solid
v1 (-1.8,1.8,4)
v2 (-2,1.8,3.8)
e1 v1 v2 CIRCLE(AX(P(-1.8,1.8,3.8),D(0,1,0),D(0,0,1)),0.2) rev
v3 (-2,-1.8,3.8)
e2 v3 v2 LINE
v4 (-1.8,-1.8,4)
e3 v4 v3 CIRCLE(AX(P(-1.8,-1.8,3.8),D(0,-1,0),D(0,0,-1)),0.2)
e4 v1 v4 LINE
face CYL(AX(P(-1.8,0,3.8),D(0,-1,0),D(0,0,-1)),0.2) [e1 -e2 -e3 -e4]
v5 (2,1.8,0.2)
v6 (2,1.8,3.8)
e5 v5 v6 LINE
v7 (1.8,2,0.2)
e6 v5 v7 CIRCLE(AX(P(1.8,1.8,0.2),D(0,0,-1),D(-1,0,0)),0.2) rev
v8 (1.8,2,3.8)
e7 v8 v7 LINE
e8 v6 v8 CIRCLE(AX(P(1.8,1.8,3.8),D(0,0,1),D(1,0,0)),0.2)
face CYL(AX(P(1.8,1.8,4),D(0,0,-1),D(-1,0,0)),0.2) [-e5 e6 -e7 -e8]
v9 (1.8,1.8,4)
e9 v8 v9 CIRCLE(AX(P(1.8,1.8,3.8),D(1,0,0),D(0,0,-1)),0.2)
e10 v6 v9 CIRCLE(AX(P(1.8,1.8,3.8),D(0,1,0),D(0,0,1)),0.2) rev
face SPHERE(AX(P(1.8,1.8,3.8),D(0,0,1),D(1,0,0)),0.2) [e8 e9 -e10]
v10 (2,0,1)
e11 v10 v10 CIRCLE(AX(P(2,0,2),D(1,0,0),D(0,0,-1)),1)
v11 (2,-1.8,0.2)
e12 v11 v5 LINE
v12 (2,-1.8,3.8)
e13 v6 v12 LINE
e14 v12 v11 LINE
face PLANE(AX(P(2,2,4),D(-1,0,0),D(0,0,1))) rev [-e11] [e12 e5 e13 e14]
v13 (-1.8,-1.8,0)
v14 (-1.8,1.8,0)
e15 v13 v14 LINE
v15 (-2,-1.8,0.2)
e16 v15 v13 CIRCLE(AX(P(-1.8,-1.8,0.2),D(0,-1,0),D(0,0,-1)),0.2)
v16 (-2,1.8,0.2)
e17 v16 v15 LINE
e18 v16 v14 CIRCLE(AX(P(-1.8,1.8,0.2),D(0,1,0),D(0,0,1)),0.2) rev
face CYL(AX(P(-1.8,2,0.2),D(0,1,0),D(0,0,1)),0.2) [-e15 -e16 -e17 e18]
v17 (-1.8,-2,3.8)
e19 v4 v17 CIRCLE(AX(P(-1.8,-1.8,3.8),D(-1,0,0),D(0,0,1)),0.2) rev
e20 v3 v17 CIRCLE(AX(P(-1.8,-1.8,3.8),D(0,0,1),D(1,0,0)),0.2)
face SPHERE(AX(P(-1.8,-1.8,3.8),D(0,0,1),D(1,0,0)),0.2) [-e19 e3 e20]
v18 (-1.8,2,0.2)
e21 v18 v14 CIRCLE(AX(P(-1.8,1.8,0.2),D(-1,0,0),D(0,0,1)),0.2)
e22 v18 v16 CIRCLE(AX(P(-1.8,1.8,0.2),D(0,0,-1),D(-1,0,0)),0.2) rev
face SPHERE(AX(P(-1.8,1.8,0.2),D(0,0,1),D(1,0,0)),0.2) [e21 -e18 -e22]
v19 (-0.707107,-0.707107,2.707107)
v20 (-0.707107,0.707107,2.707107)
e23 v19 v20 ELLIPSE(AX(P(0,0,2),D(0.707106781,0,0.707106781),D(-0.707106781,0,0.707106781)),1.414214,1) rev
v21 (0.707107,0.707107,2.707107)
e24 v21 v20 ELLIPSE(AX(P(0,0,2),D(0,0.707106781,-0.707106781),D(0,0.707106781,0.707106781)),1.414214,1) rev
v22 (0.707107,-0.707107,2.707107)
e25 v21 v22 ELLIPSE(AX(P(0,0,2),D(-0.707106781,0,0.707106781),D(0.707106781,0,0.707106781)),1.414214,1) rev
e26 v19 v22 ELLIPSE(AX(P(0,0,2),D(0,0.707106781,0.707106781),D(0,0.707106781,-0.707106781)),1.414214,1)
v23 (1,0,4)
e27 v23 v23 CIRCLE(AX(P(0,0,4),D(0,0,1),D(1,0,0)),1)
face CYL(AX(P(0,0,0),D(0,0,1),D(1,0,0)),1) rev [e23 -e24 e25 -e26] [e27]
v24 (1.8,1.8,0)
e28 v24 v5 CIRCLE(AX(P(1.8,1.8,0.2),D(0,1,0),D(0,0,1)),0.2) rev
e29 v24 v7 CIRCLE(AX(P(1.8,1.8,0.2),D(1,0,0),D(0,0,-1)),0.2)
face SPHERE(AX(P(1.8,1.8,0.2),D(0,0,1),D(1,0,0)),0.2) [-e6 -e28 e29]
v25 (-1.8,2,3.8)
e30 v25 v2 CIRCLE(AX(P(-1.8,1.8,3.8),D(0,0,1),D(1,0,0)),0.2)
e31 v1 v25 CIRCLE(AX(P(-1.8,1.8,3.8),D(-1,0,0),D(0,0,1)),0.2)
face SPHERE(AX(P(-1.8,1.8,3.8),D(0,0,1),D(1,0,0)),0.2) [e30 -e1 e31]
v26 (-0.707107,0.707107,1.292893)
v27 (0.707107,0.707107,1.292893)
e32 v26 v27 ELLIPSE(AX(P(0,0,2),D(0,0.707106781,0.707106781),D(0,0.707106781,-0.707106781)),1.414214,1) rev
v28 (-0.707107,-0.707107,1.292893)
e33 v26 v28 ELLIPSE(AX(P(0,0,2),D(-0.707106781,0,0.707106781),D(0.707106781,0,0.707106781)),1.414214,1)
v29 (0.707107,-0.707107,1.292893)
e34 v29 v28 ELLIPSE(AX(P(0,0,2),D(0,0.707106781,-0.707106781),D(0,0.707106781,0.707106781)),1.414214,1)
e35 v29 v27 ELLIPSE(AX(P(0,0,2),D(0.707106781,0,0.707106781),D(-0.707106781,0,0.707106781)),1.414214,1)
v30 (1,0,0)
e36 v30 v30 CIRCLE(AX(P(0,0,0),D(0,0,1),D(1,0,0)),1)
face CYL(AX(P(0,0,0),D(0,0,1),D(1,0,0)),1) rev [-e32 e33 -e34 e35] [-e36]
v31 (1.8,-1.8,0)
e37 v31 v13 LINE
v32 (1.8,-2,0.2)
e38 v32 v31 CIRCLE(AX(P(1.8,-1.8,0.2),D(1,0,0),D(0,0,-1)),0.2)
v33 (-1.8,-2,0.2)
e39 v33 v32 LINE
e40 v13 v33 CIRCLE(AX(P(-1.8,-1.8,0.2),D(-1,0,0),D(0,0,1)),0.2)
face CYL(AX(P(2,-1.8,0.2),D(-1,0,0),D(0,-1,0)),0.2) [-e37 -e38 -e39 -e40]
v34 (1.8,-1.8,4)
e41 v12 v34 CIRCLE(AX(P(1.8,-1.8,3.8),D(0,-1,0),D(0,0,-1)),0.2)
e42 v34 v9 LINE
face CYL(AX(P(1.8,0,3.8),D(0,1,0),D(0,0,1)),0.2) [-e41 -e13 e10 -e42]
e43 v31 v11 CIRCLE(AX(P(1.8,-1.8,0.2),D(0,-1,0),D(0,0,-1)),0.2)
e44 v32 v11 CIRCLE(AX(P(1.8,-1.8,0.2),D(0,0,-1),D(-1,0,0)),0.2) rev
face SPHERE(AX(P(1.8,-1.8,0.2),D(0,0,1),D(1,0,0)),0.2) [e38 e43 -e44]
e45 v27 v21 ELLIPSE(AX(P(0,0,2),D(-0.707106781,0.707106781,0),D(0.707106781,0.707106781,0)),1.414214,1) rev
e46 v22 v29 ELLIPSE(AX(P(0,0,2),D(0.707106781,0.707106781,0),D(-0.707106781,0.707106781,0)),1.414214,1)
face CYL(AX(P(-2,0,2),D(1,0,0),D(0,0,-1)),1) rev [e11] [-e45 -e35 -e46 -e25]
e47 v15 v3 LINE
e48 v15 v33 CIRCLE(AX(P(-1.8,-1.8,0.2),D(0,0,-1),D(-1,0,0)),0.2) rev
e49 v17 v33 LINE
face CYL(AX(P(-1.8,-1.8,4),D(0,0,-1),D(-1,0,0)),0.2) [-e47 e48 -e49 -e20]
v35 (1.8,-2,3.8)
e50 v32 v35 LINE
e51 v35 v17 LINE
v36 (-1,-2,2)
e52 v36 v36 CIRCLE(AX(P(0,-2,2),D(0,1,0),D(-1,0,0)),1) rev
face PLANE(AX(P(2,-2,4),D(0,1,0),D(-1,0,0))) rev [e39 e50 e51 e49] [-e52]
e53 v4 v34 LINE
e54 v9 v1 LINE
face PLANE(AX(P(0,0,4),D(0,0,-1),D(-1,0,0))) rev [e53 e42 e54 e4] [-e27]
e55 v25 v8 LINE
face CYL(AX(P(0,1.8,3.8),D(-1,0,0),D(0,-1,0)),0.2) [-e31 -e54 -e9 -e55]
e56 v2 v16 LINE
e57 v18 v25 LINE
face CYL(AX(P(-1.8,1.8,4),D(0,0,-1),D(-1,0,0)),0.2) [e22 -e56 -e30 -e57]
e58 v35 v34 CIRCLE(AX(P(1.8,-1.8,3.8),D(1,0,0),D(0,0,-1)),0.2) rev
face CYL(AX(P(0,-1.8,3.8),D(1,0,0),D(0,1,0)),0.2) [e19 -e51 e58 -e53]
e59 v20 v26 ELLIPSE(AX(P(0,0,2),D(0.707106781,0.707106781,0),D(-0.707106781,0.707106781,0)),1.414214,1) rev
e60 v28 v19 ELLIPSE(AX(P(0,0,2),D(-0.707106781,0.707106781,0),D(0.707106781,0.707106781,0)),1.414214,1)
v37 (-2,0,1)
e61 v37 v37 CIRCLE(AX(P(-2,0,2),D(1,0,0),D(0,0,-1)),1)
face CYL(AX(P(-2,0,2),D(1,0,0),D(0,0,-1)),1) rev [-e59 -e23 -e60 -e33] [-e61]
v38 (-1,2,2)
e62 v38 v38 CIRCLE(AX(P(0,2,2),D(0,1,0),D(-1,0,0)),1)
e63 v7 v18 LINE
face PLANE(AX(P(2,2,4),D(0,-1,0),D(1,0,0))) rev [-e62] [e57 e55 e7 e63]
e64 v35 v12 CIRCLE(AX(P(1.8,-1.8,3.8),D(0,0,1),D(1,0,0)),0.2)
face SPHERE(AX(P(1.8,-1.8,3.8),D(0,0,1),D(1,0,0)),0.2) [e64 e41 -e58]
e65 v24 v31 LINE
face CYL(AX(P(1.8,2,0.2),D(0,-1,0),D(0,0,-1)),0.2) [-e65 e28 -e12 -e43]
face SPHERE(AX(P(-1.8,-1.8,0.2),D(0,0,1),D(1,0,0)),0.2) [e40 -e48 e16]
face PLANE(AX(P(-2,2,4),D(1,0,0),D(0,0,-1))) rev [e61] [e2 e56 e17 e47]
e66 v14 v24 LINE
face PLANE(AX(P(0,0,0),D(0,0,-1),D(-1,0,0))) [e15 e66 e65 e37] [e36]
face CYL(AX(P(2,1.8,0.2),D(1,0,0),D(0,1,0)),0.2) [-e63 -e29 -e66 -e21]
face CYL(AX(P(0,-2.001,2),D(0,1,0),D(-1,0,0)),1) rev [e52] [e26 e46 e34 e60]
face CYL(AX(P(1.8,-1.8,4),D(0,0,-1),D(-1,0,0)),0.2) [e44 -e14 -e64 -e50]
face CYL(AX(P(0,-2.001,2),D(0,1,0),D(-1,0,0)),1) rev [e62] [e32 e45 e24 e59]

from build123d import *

# Parameters (mm, degrees)
SKETCH1_W           = 4
SKETCH1_H           = 4
BOSS_EXTRUDE1_DEPTH = 4
CUT_EXTRUDE1_REACH  = 8
SKETCH2_R           = 1
SKETCH3_R           = 1
CUT_EXTRUDE2_DEPTH  = 5.898979486
SKETCH4_R           = 1
CUT_EXTRUDE3_DEPTH  = 7
FILLET1_R           = 0.2


with BuildPart() as part:
    # Sketch1 → Boss-Extrude1 (new body)
    with BuildSketch(Plane.XY):
        Rectangle(SKETCH1_W, SKETCH1_H)
    extrude(amount=BOSS_EXTRUDE1_DEPTH)

    # Sketch2 → Cut-Extrude1 (cut, up to next)
    with BuildSketch(Plane(origin=(0, 2, 0), x_dir=(1, 0, 0), z_dir=(0, 1, 0)), mode=Mode.PRIVATE) as cut_extrude1_sk1:
        with Locations(Location((0, -2, 0), (0, 0, 180))):
            Circle(SKETCH2_R)
    cut_extrude1_tool1 = extrude(cut_extrude1_sk1.sketch, amount=-CUT_EXTRUDE1_REACH, mode=Mode.PRIVATE) & part.part
    add(cut_extrude1_tool1.solids().sort_by_distance((0, 2, 2))[0], mode=Mode.SUBTRACT)

    # Sketch3 → Cut-Extrude2 (cut, through all)
    with BuildSketch(Plane.XY.offset(4)):
        Circle(SKETCH3_R)
    extrude(amount=-CUT_EXTRUDE2_DEPTH, mode=Mode.SUBTRACT)

    # Sketch4 → Cut-Extrude3 (cut, through all)
    with BuildSketch(Plane(origin=(2, 0, 0), x_dir=(0, 0, -1), z_dir=(1, 0, 0))):
        with Locations((-2, 0)):
            Circle(SKETCH4_R)
    extrude(amount=-CUT_EXTRUDE3_DEPTH, mode=Mode.SUBTRACT)

    # Fillet1
    fillet1_edges = [part.edges().sort_by_distance(p)[0] for p in [
        (2, 0, 4),
        (0, 2, 4),
        (-2, 0, 4),
        (0, 2, 0),
        (2, 0, 0),
        (0, -2, 0),
        (-2, 0, 0),
        (0, -2, 4),
        (-2, 2, 2),
        (2, 2, 2),
        (2, -2, 2),
        (-2, -2, 2),
    ]]
    fillet(fillet1_edges, radius=FILLET1_R)


solid = part.part
